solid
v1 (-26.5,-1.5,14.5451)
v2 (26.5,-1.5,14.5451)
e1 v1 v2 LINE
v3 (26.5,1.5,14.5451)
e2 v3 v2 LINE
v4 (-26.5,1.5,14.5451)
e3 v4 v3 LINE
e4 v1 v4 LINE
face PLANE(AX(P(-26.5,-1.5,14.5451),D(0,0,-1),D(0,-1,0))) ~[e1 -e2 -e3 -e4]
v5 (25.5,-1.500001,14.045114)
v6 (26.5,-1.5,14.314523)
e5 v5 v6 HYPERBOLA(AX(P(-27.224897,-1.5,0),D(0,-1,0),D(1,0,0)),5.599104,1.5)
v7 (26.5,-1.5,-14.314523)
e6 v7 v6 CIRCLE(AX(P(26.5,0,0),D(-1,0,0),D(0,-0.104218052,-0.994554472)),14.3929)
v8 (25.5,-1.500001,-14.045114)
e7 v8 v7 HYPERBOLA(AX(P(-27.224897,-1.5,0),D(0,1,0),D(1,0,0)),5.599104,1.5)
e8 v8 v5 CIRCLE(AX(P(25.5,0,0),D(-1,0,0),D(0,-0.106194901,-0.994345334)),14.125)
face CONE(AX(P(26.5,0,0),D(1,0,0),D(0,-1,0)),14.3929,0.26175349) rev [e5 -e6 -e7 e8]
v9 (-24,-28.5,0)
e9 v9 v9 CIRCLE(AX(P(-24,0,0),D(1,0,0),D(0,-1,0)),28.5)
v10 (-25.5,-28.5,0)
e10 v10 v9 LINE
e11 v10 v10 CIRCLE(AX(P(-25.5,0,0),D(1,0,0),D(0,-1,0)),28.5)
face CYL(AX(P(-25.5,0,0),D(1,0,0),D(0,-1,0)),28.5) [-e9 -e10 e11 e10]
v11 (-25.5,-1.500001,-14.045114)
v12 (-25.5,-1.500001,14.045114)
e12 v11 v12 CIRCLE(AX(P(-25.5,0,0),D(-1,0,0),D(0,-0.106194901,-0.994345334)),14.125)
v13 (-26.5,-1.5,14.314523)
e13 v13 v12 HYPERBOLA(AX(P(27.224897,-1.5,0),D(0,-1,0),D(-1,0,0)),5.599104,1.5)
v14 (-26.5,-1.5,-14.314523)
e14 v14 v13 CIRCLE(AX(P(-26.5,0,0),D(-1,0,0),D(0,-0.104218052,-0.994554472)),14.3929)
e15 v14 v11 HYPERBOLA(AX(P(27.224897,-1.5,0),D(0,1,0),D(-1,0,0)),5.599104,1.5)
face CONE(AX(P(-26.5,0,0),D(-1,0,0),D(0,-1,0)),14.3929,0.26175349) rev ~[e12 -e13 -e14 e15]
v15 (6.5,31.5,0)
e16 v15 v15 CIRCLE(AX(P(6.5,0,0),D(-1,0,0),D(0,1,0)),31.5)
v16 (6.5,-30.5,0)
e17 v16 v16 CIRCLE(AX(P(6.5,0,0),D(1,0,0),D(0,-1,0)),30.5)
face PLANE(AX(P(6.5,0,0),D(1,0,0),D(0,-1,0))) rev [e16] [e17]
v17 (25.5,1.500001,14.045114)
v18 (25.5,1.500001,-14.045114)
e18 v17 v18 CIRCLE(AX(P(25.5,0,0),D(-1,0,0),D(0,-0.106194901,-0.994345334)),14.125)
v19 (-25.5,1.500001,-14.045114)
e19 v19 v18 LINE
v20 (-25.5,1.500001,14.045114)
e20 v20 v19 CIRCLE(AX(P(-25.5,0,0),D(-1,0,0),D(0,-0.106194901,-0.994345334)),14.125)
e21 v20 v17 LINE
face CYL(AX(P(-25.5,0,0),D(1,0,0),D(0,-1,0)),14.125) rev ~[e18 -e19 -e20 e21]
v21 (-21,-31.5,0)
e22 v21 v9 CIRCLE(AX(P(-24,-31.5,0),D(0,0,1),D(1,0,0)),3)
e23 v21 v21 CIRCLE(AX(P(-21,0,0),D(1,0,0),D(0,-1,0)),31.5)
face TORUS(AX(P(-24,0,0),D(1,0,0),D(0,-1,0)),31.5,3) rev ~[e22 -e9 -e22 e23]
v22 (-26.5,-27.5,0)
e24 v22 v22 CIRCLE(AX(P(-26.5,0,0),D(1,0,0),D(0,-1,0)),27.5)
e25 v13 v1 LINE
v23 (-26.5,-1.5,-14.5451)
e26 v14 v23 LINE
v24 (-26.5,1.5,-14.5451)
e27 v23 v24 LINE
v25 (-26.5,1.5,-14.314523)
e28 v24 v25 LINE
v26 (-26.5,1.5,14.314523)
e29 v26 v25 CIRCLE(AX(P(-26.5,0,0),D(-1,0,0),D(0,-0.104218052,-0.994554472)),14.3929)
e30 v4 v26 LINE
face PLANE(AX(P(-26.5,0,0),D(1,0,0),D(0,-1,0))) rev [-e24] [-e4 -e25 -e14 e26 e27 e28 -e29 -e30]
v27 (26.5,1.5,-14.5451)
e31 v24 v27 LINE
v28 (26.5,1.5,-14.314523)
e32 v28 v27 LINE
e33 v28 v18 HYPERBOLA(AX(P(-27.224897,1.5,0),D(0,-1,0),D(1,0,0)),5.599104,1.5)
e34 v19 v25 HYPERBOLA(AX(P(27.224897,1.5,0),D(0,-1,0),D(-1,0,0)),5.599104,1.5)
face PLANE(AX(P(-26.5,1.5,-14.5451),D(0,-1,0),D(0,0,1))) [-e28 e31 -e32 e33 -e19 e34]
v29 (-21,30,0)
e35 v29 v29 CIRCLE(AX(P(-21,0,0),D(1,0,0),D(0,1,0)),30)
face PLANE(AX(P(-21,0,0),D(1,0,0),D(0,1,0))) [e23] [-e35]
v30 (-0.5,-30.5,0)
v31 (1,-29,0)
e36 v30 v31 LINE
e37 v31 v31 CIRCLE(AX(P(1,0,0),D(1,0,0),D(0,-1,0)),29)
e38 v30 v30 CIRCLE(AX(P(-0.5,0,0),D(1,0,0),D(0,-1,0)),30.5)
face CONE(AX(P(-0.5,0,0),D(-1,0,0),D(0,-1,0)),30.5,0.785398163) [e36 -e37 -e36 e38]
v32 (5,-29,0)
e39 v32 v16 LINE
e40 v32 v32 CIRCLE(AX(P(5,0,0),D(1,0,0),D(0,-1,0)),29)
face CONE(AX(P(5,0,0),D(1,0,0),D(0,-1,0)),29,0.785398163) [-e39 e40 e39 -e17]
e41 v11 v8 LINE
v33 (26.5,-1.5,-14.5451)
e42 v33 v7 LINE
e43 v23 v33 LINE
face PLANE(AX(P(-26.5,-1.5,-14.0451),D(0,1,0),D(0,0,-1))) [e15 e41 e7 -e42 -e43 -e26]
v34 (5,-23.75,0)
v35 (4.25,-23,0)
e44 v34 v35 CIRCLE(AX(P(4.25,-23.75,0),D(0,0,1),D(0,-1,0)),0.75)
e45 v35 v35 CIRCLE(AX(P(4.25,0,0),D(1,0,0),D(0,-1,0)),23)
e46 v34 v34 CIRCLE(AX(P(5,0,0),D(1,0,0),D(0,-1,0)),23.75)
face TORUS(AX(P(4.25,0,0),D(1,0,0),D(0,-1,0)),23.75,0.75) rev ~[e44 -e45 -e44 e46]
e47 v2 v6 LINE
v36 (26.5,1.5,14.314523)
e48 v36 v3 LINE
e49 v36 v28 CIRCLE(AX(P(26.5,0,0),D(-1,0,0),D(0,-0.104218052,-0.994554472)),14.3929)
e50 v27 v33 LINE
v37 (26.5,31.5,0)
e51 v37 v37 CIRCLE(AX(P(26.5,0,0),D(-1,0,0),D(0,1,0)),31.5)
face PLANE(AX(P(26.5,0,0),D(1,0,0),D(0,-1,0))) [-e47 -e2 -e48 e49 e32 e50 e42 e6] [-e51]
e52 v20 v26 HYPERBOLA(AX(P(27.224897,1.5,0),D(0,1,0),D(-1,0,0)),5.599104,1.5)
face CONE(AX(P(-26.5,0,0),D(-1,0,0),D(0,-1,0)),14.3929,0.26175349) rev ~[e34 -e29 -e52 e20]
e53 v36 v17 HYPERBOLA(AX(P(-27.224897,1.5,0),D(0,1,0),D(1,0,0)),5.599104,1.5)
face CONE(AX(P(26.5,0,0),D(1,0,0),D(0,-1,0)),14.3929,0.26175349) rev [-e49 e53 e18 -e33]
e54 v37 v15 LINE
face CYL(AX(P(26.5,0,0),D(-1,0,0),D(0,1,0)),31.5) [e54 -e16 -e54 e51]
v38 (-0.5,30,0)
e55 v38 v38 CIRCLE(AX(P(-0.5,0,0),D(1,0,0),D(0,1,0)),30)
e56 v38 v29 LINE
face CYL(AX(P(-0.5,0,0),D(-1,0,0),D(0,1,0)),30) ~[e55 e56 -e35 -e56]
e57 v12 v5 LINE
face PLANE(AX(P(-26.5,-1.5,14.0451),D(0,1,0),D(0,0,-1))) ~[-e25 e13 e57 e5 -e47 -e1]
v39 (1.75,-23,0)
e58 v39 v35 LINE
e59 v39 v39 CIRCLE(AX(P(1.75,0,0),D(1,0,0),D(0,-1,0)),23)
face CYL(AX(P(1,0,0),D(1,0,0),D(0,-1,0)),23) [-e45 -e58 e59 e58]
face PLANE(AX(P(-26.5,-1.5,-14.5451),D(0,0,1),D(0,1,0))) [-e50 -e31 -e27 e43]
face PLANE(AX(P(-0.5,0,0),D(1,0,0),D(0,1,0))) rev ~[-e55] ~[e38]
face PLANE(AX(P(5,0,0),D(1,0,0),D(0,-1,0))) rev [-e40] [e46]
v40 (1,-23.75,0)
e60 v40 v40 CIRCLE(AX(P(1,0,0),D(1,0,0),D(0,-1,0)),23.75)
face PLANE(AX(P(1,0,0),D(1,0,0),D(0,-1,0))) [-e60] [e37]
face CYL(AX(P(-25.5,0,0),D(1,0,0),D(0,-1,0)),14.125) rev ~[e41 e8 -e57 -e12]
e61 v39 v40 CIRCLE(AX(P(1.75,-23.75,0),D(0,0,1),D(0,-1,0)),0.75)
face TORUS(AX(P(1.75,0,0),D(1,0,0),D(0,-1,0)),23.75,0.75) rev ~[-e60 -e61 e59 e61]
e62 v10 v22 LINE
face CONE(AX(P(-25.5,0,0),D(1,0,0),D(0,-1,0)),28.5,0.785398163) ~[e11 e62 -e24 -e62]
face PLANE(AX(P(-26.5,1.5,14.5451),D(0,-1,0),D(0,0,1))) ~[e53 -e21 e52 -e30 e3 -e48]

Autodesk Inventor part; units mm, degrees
ref_plane "YZ Plane" through (0, 0, 0) normal (1, 0, 0) x (0, 1, 0)
ref_plane "XZ Plane" through (0, 0, 0) normal (0, 1, 0) x (-1, 0, 0)
ref_plane "XY Plane" through (0, 0, 0) normal (0, 0, 1) x (1, 0, 0)
sketch "Эскиз1" plane through (0, 0, 0) normal (0, 0, 1) x (1, 0, 0)
  line L0 (-26.5, 0) -> (26.5, 0)
  line L1 (-26.5, -14.3929) -> (-26.5, -27.5)
  line L2 (-25.5, -28.5) -> (-24, -28.5)
  line L3 (-26.5, -14.3929) -> (-25.5, -14.125)
  line L4 (-25.5, -14.125) -> (25.5, -14.125)
  line L5 (-25.5, -28.5) -> (-26.5, -27.5)
  line L6 (-21, -31.5) -> (-21, -36.75)
  arc A0 (-21, -31.5) -> (-24, -28.5) centre (-24, -31.5) ccw
  line L7 (-21, -36.75) -> (-0.5, -36.75)
  line L8 (-0.5, -36.75) -> (-0.5, -30.5)
  line L9 (-0.5, -30.5) -> (1, -29)
  line L10 (1, -29) -> (1, -23)
  line L11 (1, -23) -> (5, -23)
  line L12 (5, -23) -> (5, -29)
  line L13 (5, -29) -> (6.5, -30.5)
  line L14 (6.5, -30.5) -> (6.5, -45.125)
  line L15 (6.5, -45.125) -> (26.5, -45.125)
  line L16 (26.5, -45.125) -> (26.5, -14.3929)
  line L17 (26.5, -14.3929) -> (25.5, -14.125)
  point P0 (0, 0)
  point P1 (0, 0)
  point P2 (-26.5, -28.5)
  dimension "d0" = 53
  dimension "d1" = 28.25
  dimension "d2" = 15
  dimension "d3" = 57
  dimension "d4" = 1
  dimension "d5" = 1
  dimension "d6" = 45
  dimension "d7" = 3
  dimension "d8" = 73.5
  dimension "d9" = 5.5
  dimension "d10" = 7
  dimension "d11" = 4
  dimension "d12" = 46
  dimension "d13" = 21.5
  dimension "d14" = 20
  dimension "d15" = 58
  dimension "d16" = 45
  dimension "d17" = 15
  dimension "d18" = 1
  dimension "d19" = 90.25
revolve "Вращение1" add sketch "Эскиз1" angle 360 about axis through (-26.5, 0, 0) along (1, 0, 0)
sketch "Эскиз2" plane through (0, 0, 0) normal (0, 0, 1) x (1, 0, 0)
  line L0 (26.5, 45.125) -> (6.5, 45.125) projected
  line L1 (26.5, 0) -> (6.5, 0)
  line L2 (26.5, 45.125) -> (26.5, -45.125) projected
  line L3 (6.5, 45.125) -> (26.5, 45.125)
  line L4 (26.5, 45.125) -> (26.5, 31.5)
  line L5 (26.5, 31.5) -> (6.5, 31.5)
  line L6 (6.5, 31.5) -> (6.5, 45.125)
  point P0 (0, 0)
  dimension "d21" = 63
revolve "Вращение2" cut sketch "Эскиз2" angle 360 about axis through (26.5, 0, 0) along (-1, 0, 0)
fillet "Сопряжение1" radius 0.75 2 edges at (1, 23, 0) (5, 23, 0)
sketch "Эскиз3" plane through (0, 0, 0) normal (0, 0, 1) x (1, 0, 0)
  line L0 (-21, 36.75) -> (-21, -36.75) projected
  line L1 (-0.5, 36.75) -> (-0.5, -36.75) projected
  line L2 (-21, 31.5) -> (-21, -31.5) projected
  line L3 (-21, 0) -> (0, 0)
  line L4 (-21, 36.75) -> (-0.5, 36.75)
  line L5 (-0.5, 36.75) -> (-0.5, 30)
  line L6 (-0.5, 30) -> (-21, 30)
  line L7 (-21, 30) -> (-21, 36.75)
  point P0 (-21, 30)
  dimension "d24" = 60
revolve "Вращение3" cut sketch "Эскиз3" angle 360 about axis through (-21, 0, 0) along (1, 0, 0) contours L4 L1 L6 L0
sketch "Эскиз4" plane through (-26.5, 0, 0) normal (-1, 0, 0) x (0, 0, 1)
  line L0 (-14.5451, 1.5) -> (-14.0451, 1.5)
  line L1 (-14.0451, 1.5) -> (-14.0451, -1.5)
  line L2 (-14.0451, -1.5) -> (-14.5451, -1.5)
  line L3 (-14.5451, -1.5) -> (-14.5451, 1.5)
  circle A0 centre (0, 0) radius 14.125 projected
  point P0 (0, 0)
  point P1 (-14.0451, 0)
  dimension "d26" = 3
  dimension "d27" = 0.5
extrude "Выдавливание1" cut sketch "Эскиз4" against normal through all contours L0 A0 L2 L3 | L1 A0 picked at (-14.0688, 0.1669)
mirror "Зеркальное отражение1" about plane through (0, 0, 0) normal (0, 0, 1) of "Выдавливание1"
properties part number "71. Блок шестерен заднего хода"
